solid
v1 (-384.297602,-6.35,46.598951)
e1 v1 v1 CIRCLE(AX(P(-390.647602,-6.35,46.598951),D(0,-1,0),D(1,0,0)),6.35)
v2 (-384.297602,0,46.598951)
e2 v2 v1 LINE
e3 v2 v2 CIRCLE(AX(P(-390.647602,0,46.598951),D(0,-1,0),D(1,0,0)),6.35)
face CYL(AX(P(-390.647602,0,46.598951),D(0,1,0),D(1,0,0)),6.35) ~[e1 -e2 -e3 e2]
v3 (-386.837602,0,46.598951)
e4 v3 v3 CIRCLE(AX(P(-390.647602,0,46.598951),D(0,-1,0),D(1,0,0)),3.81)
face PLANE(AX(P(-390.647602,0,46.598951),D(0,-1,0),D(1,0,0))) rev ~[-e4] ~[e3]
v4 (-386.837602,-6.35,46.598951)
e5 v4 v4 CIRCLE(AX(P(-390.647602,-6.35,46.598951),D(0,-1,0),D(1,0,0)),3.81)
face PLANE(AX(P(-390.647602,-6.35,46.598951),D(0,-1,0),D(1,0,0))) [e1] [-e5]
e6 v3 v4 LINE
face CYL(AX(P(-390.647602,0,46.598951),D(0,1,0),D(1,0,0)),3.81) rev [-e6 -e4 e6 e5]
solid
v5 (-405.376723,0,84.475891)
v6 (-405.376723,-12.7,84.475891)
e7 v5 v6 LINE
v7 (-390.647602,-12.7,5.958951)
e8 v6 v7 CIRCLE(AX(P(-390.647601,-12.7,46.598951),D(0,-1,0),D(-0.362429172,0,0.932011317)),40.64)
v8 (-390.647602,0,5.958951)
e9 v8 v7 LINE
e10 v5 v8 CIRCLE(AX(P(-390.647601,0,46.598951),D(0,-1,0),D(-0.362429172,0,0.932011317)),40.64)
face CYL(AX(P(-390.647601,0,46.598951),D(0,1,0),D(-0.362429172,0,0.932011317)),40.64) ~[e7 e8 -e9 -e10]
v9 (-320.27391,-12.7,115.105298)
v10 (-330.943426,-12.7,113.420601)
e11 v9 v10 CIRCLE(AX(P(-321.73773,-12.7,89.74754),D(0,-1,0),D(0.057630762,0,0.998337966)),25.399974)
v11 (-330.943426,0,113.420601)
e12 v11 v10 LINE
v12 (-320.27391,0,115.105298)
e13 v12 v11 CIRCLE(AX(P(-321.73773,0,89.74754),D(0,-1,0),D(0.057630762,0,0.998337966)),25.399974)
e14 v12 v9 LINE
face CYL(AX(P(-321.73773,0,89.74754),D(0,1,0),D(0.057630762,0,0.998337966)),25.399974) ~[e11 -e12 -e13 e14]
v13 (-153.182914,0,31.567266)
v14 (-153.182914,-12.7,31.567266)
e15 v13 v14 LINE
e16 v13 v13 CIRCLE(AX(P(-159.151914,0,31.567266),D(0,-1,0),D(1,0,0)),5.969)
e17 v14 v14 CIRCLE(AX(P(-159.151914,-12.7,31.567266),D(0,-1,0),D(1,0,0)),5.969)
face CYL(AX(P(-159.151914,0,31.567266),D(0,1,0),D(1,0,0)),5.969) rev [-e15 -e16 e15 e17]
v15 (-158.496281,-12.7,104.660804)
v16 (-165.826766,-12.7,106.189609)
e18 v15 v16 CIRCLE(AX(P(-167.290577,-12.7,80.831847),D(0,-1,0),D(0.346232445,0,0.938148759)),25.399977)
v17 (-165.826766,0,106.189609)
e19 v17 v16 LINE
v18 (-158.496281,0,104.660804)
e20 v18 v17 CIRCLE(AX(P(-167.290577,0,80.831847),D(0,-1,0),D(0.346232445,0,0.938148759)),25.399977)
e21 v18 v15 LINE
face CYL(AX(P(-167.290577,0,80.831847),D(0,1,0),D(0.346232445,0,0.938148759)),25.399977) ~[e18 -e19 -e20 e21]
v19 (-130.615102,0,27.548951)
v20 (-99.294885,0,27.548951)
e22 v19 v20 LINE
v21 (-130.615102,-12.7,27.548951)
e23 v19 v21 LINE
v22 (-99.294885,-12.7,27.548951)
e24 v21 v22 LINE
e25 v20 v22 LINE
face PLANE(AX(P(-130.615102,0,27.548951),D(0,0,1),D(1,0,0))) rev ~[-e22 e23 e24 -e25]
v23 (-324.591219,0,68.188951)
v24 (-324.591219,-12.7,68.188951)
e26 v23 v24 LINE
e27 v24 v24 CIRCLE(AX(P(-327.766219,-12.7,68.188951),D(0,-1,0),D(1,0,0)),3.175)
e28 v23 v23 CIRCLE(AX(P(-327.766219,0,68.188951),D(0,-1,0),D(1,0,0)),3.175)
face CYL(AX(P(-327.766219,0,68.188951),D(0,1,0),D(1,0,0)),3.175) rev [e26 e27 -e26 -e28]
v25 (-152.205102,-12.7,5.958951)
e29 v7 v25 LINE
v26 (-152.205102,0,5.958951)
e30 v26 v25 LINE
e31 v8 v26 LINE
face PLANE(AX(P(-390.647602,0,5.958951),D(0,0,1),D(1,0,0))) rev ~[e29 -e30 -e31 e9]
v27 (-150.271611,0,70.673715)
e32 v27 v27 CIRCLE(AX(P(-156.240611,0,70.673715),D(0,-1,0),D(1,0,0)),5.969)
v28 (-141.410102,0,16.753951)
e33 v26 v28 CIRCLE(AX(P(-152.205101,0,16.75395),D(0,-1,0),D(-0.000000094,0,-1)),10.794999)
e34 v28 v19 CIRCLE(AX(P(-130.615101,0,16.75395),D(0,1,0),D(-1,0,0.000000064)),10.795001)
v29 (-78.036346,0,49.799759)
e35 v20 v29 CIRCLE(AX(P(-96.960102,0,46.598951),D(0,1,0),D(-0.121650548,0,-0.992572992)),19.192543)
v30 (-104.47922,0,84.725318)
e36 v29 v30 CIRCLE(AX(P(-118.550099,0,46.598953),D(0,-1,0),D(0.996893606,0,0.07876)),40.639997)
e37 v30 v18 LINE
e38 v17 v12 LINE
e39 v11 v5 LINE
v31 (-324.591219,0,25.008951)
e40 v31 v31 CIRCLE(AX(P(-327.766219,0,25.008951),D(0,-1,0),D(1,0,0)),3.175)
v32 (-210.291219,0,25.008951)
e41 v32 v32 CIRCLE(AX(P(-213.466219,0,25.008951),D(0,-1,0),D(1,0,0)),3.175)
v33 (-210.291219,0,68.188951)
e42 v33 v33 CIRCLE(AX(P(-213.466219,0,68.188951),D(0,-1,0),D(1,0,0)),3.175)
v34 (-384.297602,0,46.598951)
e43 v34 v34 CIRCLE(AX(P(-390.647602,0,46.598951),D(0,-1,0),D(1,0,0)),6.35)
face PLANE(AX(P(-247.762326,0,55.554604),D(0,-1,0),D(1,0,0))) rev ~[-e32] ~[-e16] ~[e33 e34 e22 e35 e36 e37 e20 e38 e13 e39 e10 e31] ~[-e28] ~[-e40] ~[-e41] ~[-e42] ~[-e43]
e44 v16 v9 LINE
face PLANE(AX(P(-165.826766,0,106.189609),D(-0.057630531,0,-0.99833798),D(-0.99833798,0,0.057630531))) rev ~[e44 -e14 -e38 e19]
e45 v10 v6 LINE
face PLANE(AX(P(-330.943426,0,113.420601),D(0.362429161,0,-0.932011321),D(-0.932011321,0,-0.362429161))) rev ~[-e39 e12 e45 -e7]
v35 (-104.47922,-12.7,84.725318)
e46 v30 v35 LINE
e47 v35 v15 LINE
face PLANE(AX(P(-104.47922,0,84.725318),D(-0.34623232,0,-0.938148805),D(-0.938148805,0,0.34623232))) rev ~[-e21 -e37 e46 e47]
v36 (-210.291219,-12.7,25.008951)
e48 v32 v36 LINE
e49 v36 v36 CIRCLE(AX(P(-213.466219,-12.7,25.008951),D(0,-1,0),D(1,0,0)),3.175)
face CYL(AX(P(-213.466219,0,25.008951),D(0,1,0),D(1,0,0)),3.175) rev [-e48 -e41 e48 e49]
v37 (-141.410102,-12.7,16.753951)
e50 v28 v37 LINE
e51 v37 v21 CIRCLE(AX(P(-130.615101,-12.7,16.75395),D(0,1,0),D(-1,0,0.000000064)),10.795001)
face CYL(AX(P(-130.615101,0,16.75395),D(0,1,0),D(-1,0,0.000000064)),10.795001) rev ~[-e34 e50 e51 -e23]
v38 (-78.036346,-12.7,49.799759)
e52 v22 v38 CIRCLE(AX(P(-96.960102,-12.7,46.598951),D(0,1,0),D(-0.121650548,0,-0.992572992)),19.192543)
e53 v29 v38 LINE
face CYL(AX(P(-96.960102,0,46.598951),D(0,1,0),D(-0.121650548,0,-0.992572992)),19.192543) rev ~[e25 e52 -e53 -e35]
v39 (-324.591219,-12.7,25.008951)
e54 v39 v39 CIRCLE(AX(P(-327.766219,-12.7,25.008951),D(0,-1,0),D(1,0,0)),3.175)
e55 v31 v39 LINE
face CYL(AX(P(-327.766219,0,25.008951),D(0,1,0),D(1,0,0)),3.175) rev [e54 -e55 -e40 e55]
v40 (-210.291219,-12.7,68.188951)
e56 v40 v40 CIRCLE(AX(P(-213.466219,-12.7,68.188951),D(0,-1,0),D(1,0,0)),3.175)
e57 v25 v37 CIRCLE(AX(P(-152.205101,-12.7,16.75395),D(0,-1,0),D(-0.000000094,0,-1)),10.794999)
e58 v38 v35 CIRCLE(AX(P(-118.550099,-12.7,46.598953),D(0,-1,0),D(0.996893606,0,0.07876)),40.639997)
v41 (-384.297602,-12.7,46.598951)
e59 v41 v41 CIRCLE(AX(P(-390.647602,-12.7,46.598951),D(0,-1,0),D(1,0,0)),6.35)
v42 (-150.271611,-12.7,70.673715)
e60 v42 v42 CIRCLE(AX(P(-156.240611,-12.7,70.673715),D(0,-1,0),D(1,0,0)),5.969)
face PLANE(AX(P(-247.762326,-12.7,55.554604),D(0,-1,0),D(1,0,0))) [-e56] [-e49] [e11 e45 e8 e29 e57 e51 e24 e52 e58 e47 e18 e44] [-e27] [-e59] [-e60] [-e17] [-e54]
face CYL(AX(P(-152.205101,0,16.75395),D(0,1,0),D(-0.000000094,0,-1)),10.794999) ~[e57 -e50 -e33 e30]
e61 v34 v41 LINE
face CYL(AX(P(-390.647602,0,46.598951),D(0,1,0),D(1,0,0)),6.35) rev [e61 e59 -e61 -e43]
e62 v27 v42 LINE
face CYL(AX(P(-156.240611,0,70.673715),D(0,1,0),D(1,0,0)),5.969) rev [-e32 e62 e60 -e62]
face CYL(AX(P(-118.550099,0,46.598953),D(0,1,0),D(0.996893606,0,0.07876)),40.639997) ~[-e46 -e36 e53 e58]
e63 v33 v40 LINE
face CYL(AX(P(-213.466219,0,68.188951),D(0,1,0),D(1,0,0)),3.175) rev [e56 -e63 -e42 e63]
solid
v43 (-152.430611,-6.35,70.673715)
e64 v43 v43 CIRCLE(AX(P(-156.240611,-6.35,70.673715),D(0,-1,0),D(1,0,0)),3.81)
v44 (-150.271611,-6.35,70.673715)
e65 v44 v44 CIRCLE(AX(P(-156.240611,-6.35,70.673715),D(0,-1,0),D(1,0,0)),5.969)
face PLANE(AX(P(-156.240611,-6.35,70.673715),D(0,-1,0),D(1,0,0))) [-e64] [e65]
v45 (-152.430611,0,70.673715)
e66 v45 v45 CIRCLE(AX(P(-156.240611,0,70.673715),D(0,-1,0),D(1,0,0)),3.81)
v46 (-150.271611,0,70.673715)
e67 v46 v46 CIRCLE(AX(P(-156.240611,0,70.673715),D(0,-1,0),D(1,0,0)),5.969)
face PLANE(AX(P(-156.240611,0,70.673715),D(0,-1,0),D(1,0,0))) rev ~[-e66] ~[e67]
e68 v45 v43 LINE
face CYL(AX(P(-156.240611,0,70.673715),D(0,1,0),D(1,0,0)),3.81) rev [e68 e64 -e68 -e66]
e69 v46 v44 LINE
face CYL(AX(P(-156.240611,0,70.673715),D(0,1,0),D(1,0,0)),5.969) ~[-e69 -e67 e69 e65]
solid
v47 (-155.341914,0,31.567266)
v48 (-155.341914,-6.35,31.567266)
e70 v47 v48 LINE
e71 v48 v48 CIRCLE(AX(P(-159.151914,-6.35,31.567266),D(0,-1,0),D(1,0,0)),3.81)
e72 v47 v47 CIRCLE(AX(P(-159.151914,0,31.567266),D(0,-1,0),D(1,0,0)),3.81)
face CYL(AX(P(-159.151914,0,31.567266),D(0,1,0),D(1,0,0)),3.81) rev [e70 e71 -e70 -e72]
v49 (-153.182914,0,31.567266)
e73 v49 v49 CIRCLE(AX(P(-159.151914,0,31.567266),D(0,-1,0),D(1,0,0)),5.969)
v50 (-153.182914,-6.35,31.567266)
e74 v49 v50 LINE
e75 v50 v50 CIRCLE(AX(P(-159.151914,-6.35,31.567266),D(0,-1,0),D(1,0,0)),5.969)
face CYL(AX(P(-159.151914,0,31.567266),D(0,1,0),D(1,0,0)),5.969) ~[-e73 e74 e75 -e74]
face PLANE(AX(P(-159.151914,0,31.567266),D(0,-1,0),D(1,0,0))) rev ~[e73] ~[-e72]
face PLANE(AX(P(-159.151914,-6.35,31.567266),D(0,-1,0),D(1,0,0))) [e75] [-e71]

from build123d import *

# Parameters (mm, degrees)
F0_R     = 5.969
F0_R_2   = 3.81
F0_R_3   = 6.35
F1_DEPTH = 6.35
F0_R_4   = 3.175
F2_DEPTH = 12.7


with BuildPart() as f1:
    # F0 (on Front) → F1 (new body)
    with BuildSketch(Plane.XZ):
        with Locations((-159.151914, 31.567266)):
            Circle(F0_R)
        with Locations((-159.151914, 31.567266)):
            Circle(F0_R_2, mode=Mode.SUBTRACT)
        with Locations((-156.240611, 70.673715)):
            Circle(F0_R)
        with Locations((-156.240611, 70.673715)):
            Circle(F0_R_2, mode=Mode.SUBTRACT)
        with Locations((-390.647602, 46.598951)):
            Circle(F0_R_3)
        with Locations((-390.647602, 46.598951)):
            Circle(F0_R_2, mode=Mode.SUBTRACT)
    extrude(amount=F1_DEPTH)


with BuildPart() as f2:
    # F0 (on Front) → F2 (new body)
    with BuildSketch(Plane.XZ):
        with BuildLine():
            Line((-104.47922, 84.725318), (-158.496281, 104.660804))
            ThreePointArc((-158.496281, 104.660804), (-162.104875, 105.696829), (-165.826766, 106.189609))
            Line((-165.826766, 106.189609), (-320.27391, 115.105298))
            ThreePointArc((-320.27391, 115.105298), (-325.699259, 114.83668), (-330.943426, 113.420601))
            Line((-330.943426, 113.420601), (-405.376723, 84.475891))
            ThreePointArc((-405.376723, 84.475891), (-430.590864, 39.105929), (-390.647602, 5.958951))
            Line((-390.647602, 5.958951), (-152.205102, 5.958951))
            ThreePointArc((-152.205102, 5.958951), (-144.571884, 9.120733), (-141.410102, 16.753951))
            ThreePointArc((-141.410102, 16.753951), (-138.248319, 24.387169), (-130.615102, 27.548951))
            Line((-130.615102, 27.548951), (-99.294885, 27.548951))
            ThreePointArc((-99.294885, 27.548951), (-110.837173, 59.857178), (-78.036346, 49.799759))
            ThreePointArc((-78.036346, 49.799759), (-86.149186, 71.130365), (-104.47922, 84.725318))
        make_face()
        with Locations((-327.766219, 25.008951)):
            Circle(F0_R_4, mode=Mode.SUBTRACT)
        with Locations((-390.647602, 46.598951)):
            Circle(F0_R_3, mode=Mode.SUBTRACT)
        with Locations((-213.466219, 25.008951)):
            Circle(F0_R_4, mode=Mode.SUBTRACT)
        with Locations((-159.151914, 31.567266)):
            Circle(F0_R, mode=Mode.SUBTRACT)
        with Locations((-327.766219, 68.188951)):
            Circle(F0_R_4, mode=Mode.SUBTRACT)
        with Locations((-213.466219, 68.188951)):
            Circle(F0_R_4, mode=Mode.SUBTRACT)
        with Locations((-156.240611, 70.673715)):
            Circle(F0_R, mode=Mode.SUBTRACT)
    extrude(amount=F2_DEPTH)


solid = Compound([f1.part, f2.part])
